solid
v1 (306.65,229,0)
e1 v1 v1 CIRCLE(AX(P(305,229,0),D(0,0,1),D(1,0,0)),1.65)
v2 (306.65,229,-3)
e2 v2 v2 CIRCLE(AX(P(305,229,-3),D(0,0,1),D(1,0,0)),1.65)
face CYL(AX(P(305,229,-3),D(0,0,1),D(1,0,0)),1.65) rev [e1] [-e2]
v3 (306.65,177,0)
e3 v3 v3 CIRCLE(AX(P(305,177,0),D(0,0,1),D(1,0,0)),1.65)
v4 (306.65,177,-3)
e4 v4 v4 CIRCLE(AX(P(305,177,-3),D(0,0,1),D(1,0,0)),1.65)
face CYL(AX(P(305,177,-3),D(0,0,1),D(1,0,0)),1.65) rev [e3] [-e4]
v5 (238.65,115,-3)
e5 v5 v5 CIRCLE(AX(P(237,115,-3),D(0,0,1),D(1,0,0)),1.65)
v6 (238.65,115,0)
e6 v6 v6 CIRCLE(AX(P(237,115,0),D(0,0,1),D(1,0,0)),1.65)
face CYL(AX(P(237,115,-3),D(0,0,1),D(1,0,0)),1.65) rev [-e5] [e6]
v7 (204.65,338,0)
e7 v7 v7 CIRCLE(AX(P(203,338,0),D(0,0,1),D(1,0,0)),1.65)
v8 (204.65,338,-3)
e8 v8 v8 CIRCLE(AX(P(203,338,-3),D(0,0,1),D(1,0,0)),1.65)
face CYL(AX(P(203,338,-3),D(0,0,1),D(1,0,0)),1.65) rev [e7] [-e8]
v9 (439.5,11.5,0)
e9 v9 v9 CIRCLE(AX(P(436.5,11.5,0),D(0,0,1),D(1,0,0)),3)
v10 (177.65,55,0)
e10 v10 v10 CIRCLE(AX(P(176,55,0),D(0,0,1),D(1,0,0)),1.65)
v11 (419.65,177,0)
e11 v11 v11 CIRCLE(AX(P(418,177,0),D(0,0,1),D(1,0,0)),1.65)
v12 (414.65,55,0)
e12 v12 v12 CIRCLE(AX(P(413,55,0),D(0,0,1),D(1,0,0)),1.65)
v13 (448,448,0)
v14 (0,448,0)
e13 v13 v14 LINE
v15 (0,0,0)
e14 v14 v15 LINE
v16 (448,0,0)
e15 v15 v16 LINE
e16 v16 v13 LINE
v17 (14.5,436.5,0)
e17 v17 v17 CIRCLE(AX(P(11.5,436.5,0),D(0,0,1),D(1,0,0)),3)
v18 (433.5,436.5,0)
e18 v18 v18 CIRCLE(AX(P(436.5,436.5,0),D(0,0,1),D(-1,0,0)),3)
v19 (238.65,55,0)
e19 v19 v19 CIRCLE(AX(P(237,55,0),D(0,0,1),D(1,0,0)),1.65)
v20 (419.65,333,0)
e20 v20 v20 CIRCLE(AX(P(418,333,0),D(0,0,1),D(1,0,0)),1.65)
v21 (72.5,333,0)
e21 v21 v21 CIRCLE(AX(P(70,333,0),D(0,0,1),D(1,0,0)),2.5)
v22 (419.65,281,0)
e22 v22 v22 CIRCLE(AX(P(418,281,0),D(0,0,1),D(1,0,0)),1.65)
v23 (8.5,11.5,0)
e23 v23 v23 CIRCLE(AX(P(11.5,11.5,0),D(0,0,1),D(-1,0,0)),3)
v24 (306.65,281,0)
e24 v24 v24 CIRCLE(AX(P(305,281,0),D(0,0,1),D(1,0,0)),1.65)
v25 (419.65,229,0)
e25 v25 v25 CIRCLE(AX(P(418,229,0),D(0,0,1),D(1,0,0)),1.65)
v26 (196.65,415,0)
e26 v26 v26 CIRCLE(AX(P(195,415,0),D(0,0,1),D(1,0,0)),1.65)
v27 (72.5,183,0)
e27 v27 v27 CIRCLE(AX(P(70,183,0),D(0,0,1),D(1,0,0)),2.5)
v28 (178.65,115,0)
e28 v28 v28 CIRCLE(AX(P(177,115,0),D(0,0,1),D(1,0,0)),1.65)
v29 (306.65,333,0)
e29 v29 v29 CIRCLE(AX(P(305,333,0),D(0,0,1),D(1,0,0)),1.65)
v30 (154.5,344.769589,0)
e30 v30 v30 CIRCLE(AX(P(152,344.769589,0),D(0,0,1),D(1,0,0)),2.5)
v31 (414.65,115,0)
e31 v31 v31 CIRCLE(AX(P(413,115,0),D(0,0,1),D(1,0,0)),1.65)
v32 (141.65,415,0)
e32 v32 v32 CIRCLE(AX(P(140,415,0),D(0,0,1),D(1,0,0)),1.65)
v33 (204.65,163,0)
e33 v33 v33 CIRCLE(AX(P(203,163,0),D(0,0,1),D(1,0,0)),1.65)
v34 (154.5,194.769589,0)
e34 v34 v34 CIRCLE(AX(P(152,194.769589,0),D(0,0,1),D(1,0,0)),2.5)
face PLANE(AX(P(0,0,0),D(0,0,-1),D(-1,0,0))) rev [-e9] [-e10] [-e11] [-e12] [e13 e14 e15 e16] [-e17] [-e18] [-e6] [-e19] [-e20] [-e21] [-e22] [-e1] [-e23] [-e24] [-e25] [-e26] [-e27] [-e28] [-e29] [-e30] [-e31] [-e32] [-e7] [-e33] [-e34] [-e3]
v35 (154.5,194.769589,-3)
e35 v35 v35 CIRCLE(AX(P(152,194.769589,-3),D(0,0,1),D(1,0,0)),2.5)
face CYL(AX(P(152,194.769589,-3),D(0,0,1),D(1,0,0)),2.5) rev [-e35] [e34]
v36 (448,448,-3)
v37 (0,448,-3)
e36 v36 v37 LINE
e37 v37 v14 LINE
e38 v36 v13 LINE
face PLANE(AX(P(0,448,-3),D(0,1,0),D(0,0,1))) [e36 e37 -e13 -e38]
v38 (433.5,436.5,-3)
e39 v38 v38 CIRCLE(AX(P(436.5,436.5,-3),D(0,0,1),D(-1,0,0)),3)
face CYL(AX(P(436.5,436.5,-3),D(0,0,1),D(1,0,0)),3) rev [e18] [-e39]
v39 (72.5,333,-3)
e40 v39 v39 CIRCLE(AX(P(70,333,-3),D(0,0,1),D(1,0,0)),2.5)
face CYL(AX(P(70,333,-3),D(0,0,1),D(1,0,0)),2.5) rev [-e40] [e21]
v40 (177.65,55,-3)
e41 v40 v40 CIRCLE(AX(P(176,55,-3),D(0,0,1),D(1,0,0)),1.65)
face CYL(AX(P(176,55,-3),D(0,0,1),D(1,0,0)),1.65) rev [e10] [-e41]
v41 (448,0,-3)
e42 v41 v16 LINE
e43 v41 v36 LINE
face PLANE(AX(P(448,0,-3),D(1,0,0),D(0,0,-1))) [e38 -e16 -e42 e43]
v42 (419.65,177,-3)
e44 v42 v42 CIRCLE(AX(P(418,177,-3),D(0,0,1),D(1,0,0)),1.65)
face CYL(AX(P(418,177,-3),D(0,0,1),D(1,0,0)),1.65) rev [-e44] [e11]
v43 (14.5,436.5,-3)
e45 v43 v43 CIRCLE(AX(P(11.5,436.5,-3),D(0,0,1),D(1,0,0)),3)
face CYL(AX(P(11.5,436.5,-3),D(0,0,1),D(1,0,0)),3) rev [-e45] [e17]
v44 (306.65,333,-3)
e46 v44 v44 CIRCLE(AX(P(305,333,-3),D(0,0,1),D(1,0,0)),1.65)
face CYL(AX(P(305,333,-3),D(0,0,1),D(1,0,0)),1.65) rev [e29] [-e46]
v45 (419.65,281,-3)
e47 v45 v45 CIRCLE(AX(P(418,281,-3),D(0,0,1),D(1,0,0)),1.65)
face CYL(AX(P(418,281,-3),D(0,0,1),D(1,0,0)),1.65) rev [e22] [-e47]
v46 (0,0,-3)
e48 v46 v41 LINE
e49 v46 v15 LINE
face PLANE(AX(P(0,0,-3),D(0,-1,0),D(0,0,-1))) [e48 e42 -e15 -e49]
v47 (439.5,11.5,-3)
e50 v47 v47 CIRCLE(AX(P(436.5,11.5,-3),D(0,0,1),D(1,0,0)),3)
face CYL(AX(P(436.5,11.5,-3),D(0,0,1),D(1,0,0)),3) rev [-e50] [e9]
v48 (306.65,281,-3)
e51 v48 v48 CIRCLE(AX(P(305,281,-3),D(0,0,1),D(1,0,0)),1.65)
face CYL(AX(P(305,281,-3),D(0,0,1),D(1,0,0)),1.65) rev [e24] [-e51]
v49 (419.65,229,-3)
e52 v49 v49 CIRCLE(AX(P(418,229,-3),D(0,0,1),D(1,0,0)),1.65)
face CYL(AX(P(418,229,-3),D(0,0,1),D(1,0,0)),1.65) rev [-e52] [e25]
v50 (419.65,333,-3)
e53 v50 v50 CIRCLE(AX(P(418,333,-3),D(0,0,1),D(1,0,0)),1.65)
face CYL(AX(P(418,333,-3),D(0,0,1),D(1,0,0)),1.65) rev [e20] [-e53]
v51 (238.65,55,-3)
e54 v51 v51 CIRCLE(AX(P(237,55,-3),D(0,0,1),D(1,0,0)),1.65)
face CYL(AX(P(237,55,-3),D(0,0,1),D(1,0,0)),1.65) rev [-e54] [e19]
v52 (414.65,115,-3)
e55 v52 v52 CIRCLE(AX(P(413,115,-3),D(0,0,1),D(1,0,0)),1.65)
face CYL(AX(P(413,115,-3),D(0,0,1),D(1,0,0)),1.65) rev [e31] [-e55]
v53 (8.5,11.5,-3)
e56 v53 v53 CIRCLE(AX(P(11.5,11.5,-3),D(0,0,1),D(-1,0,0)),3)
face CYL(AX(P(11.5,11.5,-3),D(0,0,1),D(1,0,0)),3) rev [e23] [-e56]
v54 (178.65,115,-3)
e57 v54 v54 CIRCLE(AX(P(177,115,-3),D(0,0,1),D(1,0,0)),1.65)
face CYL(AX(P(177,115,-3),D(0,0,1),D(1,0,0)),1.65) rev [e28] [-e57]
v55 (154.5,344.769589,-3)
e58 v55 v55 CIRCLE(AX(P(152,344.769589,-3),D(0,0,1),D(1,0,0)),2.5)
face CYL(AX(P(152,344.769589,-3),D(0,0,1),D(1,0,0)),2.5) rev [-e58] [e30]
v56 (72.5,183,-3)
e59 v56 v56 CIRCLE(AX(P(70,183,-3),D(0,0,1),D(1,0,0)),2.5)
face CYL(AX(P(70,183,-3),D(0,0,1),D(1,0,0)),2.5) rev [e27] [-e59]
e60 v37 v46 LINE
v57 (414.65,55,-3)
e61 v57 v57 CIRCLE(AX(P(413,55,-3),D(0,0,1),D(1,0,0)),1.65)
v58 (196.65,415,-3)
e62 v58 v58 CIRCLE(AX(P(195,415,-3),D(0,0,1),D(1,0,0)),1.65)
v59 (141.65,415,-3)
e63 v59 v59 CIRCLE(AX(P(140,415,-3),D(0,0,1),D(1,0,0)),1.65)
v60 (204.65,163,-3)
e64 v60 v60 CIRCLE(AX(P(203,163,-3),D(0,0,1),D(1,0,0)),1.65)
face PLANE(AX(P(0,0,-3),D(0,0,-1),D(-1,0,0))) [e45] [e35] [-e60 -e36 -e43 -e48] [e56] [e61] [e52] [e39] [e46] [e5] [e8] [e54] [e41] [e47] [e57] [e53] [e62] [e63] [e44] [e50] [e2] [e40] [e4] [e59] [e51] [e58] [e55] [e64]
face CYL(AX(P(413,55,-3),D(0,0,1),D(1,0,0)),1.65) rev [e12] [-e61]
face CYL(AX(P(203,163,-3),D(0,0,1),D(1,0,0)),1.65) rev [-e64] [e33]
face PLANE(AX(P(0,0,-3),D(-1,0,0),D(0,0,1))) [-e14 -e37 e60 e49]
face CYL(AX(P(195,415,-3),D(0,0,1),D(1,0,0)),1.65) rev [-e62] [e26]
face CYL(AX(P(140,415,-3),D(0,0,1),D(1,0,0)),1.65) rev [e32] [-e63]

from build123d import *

# Parameters (mm, degrees)
SCHIZZO1_W                   = 448
SCHIZZO1_H                   = 448
SCHIZZO1_R                   = 3
SCHIZZO1_R_2                 = 1.65
SCHIZZO1_R_3                 = 2.5
ESTRUSIONE_ESTRUSIONE1_DEPTH = 3


with BuildPart() as part:
    # Schizzo1 → Estrusione-Estrusione1 (new body)
    with BuildSketch(Plane.XY):
        with Locations((224, 224)):
            Rectangle(SCHIZZO1_W, SCHIZZO1_H)
        with Locations((11.5, 436.5)):
            Circle(SCHIZZO1_R, mode=Mode.SUBTRACT)
        with Locations((436.5, 436.5)):
            Circle(SCHIZZO1_R, mode=Mode.SUBTRACT)
        with Locations((11.5, 11.5)):
            Circle(SCHIZZO1_R, mode=Mode.SUBTRACT)
        with Locations((436.5, 11.5)):
            Circle(SCHIZZO1_R, mode=Mode.SUBTRACT)
        with Locations((418, 177)):
            Circle(SCHIZZO1_R_2, mode=Mode.SUBTRACT)
        with Locations((305, 177)):
            Circle(SCHIZZO1_R_2, mode=Mode.SUBTRACT)
        with Locations((418, 229)):
            Circle(SCHIZZO1_R_2, mode=Mode.SUBTRACT)
        with Locations((305, 229)):
            Circle(SCHIZZO1_R_2, mode=Mode.SUBTRACT)
        with Locations((418, 281)):
            Circle(SCHIZZO1_R_2, mode=Mode.SUBTRACT)
        with Locations((305, 281)):
            Circle(SCHIZZO1_R_2, mode=Mode.SUBTRACT)
        with Locations((418, 333)):
            Circle(SCHIZZO1_R_2, mode=Mode.SUBTRACT)
        with Locations((305, 333)):
            Circle(SCHIZZO1_R_2, mode=Mode.SUBTRACT)
        with Locations((140, 415)):
            Circle(SCHIZZO1_R_2, mode=Mode.SUBTRACT)
        with Locations((195, 415)):
            Circle(SCHIZZO1_R_2, mode=Mode.SUBTRACT)
        with Locations((70, 333)):
            Circle(SCHIZZO1_R_3, mode=Mode.SUBTRACT)
        with Locations((70, 183)):
            Circle(SCHIZZO1_R_3, mode=Mode.SUBTRACT)
        with Locations((237, 55)):
            Circle(SCHIZZO1_R_2, mode=Mode.SUBTRACT)
        with Locations((237, 115)):
            Circle(SCHIZZO1_R_2, mode=Mode.SUBTRACT)
        with Locations((413, 115)):
            Circle(SCHIZZO1_R_2, mode=Mode.SUBTRACT)
        with Locations((413, 55)):
            Circle(SCHIZZO1_R_2, mode=Mode.SUBTRACT)
        with Locations((152, 344.76958941)):
            Circle(SCHIZZO1_R_3, mode=Mode.SUBTRACT)
        with Locations((152, 194.76958941)):
            Circle(SCHIZZO1_R_3, mode=Mode.SUBTRACT)
        with Locations((203, 338)):
            Circle(SCHIZZO1_R_2, mode=Mode.SUBTRACT)
        with Locations((203, 163)):
            Circle(SCHIZZO1_R_2, mode=Mode.SUBTRACT)
        with Locations((177, 115)):
            Circle(SCHIZZO1_R_2, mode=Mode.SUBTRACT)
        with Locations((176, 55)):
            Circle(SCHIZZO1_R_2, mode=Mode.SUBTRACT)
    extrude(amount=-ESTRUSIONE_ESTRUSIONE1_DEPTH)


solid = part.part
